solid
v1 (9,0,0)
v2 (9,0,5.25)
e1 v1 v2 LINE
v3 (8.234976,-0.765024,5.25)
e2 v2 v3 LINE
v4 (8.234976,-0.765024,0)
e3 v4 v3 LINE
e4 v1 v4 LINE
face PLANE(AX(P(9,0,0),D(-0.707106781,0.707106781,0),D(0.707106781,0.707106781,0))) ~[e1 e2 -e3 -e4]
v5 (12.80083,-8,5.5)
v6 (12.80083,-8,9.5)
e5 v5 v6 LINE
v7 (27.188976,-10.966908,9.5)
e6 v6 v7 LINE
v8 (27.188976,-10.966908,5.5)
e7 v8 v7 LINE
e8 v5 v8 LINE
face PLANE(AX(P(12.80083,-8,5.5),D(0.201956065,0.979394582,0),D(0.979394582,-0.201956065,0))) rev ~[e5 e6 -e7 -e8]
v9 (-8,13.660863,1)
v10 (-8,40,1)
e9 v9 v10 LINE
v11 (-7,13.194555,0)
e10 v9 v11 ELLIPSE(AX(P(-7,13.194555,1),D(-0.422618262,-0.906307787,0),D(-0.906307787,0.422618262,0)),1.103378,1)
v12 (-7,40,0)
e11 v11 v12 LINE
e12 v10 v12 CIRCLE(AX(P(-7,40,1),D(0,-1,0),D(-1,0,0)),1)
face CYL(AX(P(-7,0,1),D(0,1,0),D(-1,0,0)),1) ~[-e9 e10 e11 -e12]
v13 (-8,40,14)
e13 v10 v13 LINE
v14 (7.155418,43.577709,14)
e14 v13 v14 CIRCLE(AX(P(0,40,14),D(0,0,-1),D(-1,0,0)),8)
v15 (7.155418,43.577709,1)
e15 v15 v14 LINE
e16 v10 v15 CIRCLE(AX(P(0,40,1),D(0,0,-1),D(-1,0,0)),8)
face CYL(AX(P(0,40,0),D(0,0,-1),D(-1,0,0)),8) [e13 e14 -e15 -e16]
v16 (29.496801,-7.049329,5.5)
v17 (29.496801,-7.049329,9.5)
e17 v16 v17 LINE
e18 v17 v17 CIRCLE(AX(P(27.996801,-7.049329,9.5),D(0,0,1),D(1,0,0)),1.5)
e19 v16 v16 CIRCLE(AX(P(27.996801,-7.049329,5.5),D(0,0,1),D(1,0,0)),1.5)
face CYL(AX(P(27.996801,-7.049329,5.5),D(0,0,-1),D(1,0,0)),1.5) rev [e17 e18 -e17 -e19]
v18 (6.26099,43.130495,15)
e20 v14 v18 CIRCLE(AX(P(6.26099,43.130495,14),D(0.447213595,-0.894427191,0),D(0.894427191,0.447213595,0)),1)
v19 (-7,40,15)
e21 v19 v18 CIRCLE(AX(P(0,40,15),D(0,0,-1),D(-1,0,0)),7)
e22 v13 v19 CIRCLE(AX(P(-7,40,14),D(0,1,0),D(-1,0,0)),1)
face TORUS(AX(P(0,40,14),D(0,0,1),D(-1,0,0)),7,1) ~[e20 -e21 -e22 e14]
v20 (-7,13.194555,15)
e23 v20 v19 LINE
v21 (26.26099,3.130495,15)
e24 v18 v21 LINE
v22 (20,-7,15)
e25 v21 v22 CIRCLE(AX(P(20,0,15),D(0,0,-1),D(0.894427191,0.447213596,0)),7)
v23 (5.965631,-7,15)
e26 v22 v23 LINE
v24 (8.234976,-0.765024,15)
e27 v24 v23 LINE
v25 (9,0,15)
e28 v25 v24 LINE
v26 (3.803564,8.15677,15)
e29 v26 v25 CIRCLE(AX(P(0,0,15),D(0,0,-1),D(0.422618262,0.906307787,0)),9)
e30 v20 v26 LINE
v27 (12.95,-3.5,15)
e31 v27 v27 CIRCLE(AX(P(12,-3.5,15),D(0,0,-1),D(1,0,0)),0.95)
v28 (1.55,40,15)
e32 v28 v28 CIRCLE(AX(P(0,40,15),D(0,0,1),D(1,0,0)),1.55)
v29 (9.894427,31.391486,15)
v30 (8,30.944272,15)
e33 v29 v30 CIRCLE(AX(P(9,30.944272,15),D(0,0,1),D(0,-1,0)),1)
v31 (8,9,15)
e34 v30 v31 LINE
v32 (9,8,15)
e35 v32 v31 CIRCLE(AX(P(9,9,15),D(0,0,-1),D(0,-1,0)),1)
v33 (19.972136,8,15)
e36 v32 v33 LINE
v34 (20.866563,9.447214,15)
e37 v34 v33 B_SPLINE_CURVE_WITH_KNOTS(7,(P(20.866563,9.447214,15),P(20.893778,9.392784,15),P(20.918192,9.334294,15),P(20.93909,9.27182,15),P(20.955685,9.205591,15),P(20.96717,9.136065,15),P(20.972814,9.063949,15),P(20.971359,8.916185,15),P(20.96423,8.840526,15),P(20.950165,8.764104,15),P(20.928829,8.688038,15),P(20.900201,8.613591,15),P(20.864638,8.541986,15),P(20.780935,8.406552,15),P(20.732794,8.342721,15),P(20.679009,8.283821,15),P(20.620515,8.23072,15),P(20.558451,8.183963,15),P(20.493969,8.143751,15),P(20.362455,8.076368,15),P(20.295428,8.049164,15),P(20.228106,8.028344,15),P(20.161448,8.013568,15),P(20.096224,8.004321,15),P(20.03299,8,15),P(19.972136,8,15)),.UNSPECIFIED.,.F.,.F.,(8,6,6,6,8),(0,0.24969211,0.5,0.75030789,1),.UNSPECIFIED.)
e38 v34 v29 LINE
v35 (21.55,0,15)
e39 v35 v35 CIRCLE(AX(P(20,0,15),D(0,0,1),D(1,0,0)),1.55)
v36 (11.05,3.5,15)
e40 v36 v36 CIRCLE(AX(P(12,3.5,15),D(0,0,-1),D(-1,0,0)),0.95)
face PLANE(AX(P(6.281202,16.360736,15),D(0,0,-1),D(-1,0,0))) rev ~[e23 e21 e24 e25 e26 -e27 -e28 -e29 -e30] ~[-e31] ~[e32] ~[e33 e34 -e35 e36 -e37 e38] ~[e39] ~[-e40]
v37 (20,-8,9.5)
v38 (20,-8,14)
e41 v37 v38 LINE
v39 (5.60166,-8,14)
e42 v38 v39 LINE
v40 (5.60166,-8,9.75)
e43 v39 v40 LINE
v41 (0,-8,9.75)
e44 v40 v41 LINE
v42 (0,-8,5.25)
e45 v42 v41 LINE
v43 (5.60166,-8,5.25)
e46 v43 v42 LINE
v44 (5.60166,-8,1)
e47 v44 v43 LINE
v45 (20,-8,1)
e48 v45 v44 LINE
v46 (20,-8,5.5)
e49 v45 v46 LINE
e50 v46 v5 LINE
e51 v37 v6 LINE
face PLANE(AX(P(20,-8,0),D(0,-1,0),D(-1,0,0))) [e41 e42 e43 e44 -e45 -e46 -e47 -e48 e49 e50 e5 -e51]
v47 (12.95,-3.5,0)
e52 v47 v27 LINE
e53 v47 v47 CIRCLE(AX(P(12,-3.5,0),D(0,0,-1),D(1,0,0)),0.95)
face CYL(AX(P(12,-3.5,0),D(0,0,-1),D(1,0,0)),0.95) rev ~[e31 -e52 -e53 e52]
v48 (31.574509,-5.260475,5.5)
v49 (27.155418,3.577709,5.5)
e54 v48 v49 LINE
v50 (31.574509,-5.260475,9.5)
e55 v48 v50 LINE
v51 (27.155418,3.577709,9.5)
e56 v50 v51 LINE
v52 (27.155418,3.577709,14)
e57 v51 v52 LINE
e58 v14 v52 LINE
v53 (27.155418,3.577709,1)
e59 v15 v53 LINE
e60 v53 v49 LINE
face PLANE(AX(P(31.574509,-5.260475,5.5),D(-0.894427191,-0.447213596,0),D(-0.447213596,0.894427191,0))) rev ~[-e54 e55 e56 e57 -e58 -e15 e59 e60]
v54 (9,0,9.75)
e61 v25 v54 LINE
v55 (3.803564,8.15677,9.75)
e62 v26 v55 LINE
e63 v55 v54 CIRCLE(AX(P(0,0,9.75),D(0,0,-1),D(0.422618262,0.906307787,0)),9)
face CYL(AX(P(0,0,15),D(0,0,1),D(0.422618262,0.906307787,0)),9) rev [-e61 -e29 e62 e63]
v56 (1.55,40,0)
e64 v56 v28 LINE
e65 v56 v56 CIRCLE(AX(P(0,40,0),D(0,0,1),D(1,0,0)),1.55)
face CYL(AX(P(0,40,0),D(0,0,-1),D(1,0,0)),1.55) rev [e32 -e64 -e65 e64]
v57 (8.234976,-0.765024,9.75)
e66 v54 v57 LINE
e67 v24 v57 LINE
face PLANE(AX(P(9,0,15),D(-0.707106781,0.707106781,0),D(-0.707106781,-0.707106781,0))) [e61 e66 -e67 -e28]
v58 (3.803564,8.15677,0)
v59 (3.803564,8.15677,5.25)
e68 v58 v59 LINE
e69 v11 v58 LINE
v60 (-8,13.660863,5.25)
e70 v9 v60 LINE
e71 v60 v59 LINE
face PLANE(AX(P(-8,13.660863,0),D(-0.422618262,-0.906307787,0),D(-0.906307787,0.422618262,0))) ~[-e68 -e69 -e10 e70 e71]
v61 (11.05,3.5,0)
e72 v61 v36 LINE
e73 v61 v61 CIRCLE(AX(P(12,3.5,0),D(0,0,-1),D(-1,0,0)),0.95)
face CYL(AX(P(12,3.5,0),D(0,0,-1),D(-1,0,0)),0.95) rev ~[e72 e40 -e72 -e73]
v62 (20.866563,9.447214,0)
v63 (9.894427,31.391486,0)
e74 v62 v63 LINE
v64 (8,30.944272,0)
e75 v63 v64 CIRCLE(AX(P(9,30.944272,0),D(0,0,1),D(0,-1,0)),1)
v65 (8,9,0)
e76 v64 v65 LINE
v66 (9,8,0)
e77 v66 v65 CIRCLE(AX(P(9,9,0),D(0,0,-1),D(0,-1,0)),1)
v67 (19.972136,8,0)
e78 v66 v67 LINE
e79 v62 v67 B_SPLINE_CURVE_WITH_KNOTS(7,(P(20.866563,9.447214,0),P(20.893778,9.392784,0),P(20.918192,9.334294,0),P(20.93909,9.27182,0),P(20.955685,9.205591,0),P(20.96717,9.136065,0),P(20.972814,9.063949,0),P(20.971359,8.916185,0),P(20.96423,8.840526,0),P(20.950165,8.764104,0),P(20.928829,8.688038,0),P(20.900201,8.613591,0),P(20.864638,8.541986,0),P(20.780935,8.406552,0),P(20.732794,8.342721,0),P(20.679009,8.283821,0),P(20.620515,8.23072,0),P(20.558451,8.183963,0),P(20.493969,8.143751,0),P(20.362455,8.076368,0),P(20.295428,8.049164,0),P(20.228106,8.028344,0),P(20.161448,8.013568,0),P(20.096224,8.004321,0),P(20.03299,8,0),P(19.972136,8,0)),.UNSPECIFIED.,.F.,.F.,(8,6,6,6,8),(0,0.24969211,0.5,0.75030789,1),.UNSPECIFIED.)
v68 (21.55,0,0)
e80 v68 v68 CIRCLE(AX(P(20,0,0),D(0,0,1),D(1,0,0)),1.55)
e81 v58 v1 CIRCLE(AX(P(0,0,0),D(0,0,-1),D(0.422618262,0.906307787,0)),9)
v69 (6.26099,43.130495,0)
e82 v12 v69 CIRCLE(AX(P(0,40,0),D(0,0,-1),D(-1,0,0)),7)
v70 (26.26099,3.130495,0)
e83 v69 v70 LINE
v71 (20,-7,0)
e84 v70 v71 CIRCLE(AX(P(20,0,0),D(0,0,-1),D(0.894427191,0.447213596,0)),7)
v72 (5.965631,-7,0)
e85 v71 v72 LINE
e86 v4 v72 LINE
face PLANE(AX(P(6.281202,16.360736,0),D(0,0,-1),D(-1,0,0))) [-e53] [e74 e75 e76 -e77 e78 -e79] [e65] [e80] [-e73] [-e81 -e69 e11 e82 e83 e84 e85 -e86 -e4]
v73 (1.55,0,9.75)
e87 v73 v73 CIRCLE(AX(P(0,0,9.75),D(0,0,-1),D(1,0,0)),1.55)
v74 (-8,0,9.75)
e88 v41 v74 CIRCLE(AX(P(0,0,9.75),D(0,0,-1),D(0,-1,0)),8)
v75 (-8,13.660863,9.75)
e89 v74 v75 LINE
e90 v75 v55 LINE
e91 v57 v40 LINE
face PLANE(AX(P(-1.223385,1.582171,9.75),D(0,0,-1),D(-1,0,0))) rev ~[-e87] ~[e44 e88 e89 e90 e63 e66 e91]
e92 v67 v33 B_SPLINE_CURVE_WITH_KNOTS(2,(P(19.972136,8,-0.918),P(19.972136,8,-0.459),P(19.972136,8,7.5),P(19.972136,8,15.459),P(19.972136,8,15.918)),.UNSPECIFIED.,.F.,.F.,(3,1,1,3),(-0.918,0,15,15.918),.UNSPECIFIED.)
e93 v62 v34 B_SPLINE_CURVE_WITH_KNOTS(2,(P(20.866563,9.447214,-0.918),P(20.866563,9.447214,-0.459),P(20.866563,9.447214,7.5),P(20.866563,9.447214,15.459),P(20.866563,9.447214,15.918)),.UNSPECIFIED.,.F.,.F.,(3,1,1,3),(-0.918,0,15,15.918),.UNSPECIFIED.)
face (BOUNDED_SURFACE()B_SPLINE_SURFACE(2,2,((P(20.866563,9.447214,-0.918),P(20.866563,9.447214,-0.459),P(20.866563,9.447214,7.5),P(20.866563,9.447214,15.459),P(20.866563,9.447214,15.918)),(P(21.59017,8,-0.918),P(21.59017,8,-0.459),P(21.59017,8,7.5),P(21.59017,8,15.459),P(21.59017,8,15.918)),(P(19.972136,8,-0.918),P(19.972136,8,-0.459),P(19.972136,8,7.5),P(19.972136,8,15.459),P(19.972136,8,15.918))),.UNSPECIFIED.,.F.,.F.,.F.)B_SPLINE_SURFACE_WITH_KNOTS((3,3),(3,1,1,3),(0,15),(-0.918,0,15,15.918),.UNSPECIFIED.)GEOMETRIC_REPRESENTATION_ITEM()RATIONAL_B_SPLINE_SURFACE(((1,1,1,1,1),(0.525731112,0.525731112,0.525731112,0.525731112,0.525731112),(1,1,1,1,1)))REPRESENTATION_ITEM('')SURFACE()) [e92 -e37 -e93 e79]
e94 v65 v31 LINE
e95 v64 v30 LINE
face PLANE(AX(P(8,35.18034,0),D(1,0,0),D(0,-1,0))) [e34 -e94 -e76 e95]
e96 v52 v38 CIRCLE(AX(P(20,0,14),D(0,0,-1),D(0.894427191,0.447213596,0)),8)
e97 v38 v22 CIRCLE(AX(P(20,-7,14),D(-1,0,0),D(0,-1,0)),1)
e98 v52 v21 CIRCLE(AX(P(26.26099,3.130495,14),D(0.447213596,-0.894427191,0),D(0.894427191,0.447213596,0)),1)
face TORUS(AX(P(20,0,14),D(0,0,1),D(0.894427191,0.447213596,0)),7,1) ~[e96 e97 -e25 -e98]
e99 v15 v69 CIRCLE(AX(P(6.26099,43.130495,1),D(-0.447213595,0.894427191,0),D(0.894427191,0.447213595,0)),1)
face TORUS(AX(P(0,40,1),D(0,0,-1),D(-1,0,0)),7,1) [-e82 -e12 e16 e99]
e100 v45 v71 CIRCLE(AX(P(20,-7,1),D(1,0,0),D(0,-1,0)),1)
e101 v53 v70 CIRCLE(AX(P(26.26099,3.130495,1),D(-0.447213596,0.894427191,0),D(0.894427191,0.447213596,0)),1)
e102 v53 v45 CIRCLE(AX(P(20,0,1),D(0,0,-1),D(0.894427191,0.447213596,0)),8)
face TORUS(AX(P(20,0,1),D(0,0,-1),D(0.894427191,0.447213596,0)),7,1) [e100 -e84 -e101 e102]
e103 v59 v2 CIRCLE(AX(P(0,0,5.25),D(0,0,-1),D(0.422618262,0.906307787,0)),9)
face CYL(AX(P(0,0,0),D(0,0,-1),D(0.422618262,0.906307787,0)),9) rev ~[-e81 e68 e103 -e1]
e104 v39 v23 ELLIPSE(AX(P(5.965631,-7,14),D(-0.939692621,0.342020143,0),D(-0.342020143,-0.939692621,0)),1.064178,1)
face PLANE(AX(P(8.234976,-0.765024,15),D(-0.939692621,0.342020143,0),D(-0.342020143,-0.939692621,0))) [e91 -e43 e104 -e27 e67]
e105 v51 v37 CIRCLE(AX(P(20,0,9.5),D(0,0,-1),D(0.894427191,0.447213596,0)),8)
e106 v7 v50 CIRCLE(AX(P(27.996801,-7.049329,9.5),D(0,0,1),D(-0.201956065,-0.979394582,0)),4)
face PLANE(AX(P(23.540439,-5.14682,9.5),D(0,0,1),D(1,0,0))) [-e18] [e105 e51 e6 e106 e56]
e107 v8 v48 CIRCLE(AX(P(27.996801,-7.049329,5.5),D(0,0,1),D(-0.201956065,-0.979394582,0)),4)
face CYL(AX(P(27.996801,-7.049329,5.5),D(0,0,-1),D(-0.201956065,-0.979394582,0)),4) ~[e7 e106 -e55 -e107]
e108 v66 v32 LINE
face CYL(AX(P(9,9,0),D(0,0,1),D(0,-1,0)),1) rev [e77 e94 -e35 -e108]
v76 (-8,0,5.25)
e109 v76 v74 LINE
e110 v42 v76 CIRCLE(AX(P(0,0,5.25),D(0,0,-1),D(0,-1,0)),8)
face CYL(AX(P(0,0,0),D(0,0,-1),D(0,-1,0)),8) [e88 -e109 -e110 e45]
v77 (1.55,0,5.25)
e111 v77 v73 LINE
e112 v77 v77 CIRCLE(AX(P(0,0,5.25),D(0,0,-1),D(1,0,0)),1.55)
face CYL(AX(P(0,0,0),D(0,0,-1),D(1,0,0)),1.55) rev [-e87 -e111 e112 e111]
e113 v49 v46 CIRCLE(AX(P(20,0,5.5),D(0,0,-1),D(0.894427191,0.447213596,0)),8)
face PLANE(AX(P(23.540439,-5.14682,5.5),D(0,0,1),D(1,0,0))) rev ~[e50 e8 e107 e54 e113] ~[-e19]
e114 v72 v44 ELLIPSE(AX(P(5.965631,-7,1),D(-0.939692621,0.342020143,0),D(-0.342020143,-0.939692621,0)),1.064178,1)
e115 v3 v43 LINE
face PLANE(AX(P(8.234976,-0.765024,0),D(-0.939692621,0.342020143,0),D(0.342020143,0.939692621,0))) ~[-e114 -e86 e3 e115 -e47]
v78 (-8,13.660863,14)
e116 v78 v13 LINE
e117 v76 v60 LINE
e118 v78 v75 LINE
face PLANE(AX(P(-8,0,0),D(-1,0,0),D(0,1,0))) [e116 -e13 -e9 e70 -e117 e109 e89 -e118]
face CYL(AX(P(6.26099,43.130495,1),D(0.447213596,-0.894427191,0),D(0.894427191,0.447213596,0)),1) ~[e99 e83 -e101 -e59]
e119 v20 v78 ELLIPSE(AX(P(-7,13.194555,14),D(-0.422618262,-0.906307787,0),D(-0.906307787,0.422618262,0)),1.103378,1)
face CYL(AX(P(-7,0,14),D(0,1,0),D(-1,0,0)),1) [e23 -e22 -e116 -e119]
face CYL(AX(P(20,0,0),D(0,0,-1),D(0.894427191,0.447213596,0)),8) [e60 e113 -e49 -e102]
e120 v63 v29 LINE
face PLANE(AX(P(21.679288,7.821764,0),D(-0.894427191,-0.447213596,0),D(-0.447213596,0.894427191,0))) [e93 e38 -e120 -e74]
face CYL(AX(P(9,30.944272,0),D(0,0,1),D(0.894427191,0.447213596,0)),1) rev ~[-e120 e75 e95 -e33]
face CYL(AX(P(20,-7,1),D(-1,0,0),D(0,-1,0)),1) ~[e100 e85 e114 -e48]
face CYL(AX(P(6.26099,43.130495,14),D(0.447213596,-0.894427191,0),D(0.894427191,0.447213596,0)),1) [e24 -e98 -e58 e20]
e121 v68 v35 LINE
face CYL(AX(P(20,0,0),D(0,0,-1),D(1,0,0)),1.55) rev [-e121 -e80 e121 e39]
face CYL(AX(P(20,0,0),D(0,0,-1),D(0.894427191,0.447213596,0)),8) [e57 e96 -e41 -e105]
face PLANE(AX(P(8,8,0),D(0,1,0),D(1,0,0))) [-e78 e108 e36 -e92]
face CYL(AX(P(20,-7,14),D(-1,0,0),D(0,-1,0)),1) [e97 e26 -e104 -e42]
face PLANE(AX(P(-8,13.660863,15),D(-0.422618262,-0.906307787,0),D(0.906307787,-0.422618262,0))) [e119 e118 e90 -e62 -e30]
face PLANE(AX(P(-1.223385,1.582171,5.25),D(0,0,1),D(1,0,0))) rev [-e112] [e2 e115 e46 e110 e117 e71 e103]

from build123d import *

# Parameters (mm, degrees)
SKETCH1_R                = 1.55
BOSS_EXTRUDE1_DEPTH      = 15
FILLET1_R                = 1
FILLET2_R                = 1
CUT_EXTRUDE1_DEPTH       = 5.25
BOSS_EXTRUDE2_DEPTH      = 2
BOSS_EXTRUDE2_DEPTH_BACK = 2
SKETCH3_R                = 1.5
SKETCH4_R                = 0.95
CUT_EXTRUDE2_DEPTH       = 60.605329072
CUT_EXTRUDE3_DEPTH       = 60.605329072
FILLET3_R                = 1


with BuildPart() as part:
    # Sketch1 → Boss-Extrude1 (new body)
    with BuildSketch(Plane.XY):
        with BuildLine():
            Line((20, -8), (0, -8))
            ThreePointArc((0, -8), (-5.656854249, -5.656854249), (-8, 0))
            Line((-8, 0), (-8, 40))
            ThreePointArc((-8, 40), (-1.838023364, 47.785991916), (7.155417528, 43.577708764))
            Line((7.155417528, 43.577708764), (27.155417528, 3.577708764))
            ThreePointArc((27.155417528, 3.577708764), (26.805206467, -4.205848897), (20, -8))
        make_face()
        Circle(SKETCH1_R, mode=Mode.SUBTRACT)
        with Locations((20, 0)):
            Circle(SKETCH1_R, mode=Mode.SUBTRACT)
        with Locations((0, 40)):
            Circle(SKETCH1_R, mode=Mode.SUBTRACT)
    extrude(amount=BOSS_EXTRUDE1_DEPTH)

    # Fillet1
    fillet1_edges = [part.edges().sort_by_distance(p)[0] for p in [
        (-8, 20, 0),
        (-1.838023364, 47.785991916, 0),
        (17.155417528, 23.577708764, 0),
        (26.805206467, -4.205848897, 0),
        (10, -8, 0),
        (-5.656854249, -5.656854249, 0),
    ]]
    fillet(fillet1_edges, radius=FILLET1_R)

    # Fillet2
    fillet2_edges = [part.edges().sort_by_distance(p)[0] for p in [
        (26.805206467, -4.205848897, 15),
        (17.155417528, 23.577708764, 15),
        (-1.838023364, 47.785991916, 15),
        (-8, 20, 15),
        (-5.656854249, -5.656854249, 15),
        (10, -8, 15),
    ]]
    fillet(fillet2_edges, radius=FILLET2_R)

    # Sketch2 → Cut-Extrude1 (cut)
    with BuildSketch(Plane.XY.offset(15)):
        with BuildLine():
            Line((5.601660306, -8), (-8, -8))
            Line((-8, -8), (-8, 13.660862536))
            Line((-8, 13.660862536), (3.803564356, 8.156770083))
            ThreePointArc((3.803564356, 8.156770083), (7.590523012, 4.835696475), (9, 0))
            Line((9, 0), (8.234976339, -0.765023661))
            Line((8.234976339, -0.765023661), (5.601660306, -8))
        make_face()
    cut_extrude1 = extrude(amount=-CUT_EXTRUDE1_DEPTH, mode=Mode.SUBTRACT)

    # Mirror1: Cut-Extrude1 across plane
    add(cut_extrude1.mirror(Plane.XY.offset(7.5)), mode=Mode.SUBTRACT)

    # Sketch3 → Boss-Extrude2 (add, two sides: drawn at the far end of the back side and taken through both)
    with BuildSketch(Plane.XY.offset(7.5).offset(-BOSS_EXTRUDE2_DEPTH_BACK)):
        with BuildLine():
            Line((31.574509444, -5.260475068), (27.155417528, 3.577708764))
            Line((27.155417528, 3.577708764), (12.800830153, -8))
            Line((12.800830153, -8), (27.18897642, -10.966907779))
            ThreePointArc((27.18897642, -10.966907779), (31.168378933, -9.486764863), (31.574509444, -5.260475068))
        make_face()
        with Locations((27.99680068, -7.04932945)):
            Circle(SKETCH3_R, mode=Mode.SUBTRACT)
    extrude(amount=BOSS_EXTRUDE2_DEPTH + BOSS_EXTRUDE2_DEPTH_BACK)

    # Sketch4 → Cut-Extrude2 (cut, through all)
    with BuildSketch(Plane(origin=(0, 0, 0), x_dir=(-1, 0, 0), z_dir=(0, 0, -1))):
        with Locations((-12, 3.5)):
            Circle(SKETCH4_R)
        with Locations(Location((-12, -3.5, 0), (0, 0, 180))):
            Circle(SKETCH4_R)
    extrude(amount=-CUT_EXTRUDE2_DEPTH, mode=Mode.SUBTRACT)

    # Sketch5 → Cut-Extrude3 (cut, through all)
    with BuildSketch(Plane(origin=(0, 0, 0), x_dir=(-1, 0, 0), z_dir=(0, 0, -1))):
        with BuildLine():
            Line((-8, 35.180339887), (-8, 8))
            Line((-8, 8), (-20, 8))
            ThreePointArc((-20, 8), (-20.844360125, 7.955316209), (-21.679287946, 7.821763995))
            Line((-21.679287946, 7.821763995), (-8, 35.180339887))
        make_face()
    extrude(amount=-CUT_EXTRUDE3_DEPTH, mode=Mode.SUBTRACT)

    # Fillet3
    fillet3_edges = [part.edges().sort_by_distance(p)[0] for p in [
        (8, 35.180339887, 7.5),
        (8, 8, 7.5),
        (21.679287946, 7.821763995, 7.5),
    ]]
    fillet(fillet3_edges, radius=FILLET3_R)


solid = part.part
